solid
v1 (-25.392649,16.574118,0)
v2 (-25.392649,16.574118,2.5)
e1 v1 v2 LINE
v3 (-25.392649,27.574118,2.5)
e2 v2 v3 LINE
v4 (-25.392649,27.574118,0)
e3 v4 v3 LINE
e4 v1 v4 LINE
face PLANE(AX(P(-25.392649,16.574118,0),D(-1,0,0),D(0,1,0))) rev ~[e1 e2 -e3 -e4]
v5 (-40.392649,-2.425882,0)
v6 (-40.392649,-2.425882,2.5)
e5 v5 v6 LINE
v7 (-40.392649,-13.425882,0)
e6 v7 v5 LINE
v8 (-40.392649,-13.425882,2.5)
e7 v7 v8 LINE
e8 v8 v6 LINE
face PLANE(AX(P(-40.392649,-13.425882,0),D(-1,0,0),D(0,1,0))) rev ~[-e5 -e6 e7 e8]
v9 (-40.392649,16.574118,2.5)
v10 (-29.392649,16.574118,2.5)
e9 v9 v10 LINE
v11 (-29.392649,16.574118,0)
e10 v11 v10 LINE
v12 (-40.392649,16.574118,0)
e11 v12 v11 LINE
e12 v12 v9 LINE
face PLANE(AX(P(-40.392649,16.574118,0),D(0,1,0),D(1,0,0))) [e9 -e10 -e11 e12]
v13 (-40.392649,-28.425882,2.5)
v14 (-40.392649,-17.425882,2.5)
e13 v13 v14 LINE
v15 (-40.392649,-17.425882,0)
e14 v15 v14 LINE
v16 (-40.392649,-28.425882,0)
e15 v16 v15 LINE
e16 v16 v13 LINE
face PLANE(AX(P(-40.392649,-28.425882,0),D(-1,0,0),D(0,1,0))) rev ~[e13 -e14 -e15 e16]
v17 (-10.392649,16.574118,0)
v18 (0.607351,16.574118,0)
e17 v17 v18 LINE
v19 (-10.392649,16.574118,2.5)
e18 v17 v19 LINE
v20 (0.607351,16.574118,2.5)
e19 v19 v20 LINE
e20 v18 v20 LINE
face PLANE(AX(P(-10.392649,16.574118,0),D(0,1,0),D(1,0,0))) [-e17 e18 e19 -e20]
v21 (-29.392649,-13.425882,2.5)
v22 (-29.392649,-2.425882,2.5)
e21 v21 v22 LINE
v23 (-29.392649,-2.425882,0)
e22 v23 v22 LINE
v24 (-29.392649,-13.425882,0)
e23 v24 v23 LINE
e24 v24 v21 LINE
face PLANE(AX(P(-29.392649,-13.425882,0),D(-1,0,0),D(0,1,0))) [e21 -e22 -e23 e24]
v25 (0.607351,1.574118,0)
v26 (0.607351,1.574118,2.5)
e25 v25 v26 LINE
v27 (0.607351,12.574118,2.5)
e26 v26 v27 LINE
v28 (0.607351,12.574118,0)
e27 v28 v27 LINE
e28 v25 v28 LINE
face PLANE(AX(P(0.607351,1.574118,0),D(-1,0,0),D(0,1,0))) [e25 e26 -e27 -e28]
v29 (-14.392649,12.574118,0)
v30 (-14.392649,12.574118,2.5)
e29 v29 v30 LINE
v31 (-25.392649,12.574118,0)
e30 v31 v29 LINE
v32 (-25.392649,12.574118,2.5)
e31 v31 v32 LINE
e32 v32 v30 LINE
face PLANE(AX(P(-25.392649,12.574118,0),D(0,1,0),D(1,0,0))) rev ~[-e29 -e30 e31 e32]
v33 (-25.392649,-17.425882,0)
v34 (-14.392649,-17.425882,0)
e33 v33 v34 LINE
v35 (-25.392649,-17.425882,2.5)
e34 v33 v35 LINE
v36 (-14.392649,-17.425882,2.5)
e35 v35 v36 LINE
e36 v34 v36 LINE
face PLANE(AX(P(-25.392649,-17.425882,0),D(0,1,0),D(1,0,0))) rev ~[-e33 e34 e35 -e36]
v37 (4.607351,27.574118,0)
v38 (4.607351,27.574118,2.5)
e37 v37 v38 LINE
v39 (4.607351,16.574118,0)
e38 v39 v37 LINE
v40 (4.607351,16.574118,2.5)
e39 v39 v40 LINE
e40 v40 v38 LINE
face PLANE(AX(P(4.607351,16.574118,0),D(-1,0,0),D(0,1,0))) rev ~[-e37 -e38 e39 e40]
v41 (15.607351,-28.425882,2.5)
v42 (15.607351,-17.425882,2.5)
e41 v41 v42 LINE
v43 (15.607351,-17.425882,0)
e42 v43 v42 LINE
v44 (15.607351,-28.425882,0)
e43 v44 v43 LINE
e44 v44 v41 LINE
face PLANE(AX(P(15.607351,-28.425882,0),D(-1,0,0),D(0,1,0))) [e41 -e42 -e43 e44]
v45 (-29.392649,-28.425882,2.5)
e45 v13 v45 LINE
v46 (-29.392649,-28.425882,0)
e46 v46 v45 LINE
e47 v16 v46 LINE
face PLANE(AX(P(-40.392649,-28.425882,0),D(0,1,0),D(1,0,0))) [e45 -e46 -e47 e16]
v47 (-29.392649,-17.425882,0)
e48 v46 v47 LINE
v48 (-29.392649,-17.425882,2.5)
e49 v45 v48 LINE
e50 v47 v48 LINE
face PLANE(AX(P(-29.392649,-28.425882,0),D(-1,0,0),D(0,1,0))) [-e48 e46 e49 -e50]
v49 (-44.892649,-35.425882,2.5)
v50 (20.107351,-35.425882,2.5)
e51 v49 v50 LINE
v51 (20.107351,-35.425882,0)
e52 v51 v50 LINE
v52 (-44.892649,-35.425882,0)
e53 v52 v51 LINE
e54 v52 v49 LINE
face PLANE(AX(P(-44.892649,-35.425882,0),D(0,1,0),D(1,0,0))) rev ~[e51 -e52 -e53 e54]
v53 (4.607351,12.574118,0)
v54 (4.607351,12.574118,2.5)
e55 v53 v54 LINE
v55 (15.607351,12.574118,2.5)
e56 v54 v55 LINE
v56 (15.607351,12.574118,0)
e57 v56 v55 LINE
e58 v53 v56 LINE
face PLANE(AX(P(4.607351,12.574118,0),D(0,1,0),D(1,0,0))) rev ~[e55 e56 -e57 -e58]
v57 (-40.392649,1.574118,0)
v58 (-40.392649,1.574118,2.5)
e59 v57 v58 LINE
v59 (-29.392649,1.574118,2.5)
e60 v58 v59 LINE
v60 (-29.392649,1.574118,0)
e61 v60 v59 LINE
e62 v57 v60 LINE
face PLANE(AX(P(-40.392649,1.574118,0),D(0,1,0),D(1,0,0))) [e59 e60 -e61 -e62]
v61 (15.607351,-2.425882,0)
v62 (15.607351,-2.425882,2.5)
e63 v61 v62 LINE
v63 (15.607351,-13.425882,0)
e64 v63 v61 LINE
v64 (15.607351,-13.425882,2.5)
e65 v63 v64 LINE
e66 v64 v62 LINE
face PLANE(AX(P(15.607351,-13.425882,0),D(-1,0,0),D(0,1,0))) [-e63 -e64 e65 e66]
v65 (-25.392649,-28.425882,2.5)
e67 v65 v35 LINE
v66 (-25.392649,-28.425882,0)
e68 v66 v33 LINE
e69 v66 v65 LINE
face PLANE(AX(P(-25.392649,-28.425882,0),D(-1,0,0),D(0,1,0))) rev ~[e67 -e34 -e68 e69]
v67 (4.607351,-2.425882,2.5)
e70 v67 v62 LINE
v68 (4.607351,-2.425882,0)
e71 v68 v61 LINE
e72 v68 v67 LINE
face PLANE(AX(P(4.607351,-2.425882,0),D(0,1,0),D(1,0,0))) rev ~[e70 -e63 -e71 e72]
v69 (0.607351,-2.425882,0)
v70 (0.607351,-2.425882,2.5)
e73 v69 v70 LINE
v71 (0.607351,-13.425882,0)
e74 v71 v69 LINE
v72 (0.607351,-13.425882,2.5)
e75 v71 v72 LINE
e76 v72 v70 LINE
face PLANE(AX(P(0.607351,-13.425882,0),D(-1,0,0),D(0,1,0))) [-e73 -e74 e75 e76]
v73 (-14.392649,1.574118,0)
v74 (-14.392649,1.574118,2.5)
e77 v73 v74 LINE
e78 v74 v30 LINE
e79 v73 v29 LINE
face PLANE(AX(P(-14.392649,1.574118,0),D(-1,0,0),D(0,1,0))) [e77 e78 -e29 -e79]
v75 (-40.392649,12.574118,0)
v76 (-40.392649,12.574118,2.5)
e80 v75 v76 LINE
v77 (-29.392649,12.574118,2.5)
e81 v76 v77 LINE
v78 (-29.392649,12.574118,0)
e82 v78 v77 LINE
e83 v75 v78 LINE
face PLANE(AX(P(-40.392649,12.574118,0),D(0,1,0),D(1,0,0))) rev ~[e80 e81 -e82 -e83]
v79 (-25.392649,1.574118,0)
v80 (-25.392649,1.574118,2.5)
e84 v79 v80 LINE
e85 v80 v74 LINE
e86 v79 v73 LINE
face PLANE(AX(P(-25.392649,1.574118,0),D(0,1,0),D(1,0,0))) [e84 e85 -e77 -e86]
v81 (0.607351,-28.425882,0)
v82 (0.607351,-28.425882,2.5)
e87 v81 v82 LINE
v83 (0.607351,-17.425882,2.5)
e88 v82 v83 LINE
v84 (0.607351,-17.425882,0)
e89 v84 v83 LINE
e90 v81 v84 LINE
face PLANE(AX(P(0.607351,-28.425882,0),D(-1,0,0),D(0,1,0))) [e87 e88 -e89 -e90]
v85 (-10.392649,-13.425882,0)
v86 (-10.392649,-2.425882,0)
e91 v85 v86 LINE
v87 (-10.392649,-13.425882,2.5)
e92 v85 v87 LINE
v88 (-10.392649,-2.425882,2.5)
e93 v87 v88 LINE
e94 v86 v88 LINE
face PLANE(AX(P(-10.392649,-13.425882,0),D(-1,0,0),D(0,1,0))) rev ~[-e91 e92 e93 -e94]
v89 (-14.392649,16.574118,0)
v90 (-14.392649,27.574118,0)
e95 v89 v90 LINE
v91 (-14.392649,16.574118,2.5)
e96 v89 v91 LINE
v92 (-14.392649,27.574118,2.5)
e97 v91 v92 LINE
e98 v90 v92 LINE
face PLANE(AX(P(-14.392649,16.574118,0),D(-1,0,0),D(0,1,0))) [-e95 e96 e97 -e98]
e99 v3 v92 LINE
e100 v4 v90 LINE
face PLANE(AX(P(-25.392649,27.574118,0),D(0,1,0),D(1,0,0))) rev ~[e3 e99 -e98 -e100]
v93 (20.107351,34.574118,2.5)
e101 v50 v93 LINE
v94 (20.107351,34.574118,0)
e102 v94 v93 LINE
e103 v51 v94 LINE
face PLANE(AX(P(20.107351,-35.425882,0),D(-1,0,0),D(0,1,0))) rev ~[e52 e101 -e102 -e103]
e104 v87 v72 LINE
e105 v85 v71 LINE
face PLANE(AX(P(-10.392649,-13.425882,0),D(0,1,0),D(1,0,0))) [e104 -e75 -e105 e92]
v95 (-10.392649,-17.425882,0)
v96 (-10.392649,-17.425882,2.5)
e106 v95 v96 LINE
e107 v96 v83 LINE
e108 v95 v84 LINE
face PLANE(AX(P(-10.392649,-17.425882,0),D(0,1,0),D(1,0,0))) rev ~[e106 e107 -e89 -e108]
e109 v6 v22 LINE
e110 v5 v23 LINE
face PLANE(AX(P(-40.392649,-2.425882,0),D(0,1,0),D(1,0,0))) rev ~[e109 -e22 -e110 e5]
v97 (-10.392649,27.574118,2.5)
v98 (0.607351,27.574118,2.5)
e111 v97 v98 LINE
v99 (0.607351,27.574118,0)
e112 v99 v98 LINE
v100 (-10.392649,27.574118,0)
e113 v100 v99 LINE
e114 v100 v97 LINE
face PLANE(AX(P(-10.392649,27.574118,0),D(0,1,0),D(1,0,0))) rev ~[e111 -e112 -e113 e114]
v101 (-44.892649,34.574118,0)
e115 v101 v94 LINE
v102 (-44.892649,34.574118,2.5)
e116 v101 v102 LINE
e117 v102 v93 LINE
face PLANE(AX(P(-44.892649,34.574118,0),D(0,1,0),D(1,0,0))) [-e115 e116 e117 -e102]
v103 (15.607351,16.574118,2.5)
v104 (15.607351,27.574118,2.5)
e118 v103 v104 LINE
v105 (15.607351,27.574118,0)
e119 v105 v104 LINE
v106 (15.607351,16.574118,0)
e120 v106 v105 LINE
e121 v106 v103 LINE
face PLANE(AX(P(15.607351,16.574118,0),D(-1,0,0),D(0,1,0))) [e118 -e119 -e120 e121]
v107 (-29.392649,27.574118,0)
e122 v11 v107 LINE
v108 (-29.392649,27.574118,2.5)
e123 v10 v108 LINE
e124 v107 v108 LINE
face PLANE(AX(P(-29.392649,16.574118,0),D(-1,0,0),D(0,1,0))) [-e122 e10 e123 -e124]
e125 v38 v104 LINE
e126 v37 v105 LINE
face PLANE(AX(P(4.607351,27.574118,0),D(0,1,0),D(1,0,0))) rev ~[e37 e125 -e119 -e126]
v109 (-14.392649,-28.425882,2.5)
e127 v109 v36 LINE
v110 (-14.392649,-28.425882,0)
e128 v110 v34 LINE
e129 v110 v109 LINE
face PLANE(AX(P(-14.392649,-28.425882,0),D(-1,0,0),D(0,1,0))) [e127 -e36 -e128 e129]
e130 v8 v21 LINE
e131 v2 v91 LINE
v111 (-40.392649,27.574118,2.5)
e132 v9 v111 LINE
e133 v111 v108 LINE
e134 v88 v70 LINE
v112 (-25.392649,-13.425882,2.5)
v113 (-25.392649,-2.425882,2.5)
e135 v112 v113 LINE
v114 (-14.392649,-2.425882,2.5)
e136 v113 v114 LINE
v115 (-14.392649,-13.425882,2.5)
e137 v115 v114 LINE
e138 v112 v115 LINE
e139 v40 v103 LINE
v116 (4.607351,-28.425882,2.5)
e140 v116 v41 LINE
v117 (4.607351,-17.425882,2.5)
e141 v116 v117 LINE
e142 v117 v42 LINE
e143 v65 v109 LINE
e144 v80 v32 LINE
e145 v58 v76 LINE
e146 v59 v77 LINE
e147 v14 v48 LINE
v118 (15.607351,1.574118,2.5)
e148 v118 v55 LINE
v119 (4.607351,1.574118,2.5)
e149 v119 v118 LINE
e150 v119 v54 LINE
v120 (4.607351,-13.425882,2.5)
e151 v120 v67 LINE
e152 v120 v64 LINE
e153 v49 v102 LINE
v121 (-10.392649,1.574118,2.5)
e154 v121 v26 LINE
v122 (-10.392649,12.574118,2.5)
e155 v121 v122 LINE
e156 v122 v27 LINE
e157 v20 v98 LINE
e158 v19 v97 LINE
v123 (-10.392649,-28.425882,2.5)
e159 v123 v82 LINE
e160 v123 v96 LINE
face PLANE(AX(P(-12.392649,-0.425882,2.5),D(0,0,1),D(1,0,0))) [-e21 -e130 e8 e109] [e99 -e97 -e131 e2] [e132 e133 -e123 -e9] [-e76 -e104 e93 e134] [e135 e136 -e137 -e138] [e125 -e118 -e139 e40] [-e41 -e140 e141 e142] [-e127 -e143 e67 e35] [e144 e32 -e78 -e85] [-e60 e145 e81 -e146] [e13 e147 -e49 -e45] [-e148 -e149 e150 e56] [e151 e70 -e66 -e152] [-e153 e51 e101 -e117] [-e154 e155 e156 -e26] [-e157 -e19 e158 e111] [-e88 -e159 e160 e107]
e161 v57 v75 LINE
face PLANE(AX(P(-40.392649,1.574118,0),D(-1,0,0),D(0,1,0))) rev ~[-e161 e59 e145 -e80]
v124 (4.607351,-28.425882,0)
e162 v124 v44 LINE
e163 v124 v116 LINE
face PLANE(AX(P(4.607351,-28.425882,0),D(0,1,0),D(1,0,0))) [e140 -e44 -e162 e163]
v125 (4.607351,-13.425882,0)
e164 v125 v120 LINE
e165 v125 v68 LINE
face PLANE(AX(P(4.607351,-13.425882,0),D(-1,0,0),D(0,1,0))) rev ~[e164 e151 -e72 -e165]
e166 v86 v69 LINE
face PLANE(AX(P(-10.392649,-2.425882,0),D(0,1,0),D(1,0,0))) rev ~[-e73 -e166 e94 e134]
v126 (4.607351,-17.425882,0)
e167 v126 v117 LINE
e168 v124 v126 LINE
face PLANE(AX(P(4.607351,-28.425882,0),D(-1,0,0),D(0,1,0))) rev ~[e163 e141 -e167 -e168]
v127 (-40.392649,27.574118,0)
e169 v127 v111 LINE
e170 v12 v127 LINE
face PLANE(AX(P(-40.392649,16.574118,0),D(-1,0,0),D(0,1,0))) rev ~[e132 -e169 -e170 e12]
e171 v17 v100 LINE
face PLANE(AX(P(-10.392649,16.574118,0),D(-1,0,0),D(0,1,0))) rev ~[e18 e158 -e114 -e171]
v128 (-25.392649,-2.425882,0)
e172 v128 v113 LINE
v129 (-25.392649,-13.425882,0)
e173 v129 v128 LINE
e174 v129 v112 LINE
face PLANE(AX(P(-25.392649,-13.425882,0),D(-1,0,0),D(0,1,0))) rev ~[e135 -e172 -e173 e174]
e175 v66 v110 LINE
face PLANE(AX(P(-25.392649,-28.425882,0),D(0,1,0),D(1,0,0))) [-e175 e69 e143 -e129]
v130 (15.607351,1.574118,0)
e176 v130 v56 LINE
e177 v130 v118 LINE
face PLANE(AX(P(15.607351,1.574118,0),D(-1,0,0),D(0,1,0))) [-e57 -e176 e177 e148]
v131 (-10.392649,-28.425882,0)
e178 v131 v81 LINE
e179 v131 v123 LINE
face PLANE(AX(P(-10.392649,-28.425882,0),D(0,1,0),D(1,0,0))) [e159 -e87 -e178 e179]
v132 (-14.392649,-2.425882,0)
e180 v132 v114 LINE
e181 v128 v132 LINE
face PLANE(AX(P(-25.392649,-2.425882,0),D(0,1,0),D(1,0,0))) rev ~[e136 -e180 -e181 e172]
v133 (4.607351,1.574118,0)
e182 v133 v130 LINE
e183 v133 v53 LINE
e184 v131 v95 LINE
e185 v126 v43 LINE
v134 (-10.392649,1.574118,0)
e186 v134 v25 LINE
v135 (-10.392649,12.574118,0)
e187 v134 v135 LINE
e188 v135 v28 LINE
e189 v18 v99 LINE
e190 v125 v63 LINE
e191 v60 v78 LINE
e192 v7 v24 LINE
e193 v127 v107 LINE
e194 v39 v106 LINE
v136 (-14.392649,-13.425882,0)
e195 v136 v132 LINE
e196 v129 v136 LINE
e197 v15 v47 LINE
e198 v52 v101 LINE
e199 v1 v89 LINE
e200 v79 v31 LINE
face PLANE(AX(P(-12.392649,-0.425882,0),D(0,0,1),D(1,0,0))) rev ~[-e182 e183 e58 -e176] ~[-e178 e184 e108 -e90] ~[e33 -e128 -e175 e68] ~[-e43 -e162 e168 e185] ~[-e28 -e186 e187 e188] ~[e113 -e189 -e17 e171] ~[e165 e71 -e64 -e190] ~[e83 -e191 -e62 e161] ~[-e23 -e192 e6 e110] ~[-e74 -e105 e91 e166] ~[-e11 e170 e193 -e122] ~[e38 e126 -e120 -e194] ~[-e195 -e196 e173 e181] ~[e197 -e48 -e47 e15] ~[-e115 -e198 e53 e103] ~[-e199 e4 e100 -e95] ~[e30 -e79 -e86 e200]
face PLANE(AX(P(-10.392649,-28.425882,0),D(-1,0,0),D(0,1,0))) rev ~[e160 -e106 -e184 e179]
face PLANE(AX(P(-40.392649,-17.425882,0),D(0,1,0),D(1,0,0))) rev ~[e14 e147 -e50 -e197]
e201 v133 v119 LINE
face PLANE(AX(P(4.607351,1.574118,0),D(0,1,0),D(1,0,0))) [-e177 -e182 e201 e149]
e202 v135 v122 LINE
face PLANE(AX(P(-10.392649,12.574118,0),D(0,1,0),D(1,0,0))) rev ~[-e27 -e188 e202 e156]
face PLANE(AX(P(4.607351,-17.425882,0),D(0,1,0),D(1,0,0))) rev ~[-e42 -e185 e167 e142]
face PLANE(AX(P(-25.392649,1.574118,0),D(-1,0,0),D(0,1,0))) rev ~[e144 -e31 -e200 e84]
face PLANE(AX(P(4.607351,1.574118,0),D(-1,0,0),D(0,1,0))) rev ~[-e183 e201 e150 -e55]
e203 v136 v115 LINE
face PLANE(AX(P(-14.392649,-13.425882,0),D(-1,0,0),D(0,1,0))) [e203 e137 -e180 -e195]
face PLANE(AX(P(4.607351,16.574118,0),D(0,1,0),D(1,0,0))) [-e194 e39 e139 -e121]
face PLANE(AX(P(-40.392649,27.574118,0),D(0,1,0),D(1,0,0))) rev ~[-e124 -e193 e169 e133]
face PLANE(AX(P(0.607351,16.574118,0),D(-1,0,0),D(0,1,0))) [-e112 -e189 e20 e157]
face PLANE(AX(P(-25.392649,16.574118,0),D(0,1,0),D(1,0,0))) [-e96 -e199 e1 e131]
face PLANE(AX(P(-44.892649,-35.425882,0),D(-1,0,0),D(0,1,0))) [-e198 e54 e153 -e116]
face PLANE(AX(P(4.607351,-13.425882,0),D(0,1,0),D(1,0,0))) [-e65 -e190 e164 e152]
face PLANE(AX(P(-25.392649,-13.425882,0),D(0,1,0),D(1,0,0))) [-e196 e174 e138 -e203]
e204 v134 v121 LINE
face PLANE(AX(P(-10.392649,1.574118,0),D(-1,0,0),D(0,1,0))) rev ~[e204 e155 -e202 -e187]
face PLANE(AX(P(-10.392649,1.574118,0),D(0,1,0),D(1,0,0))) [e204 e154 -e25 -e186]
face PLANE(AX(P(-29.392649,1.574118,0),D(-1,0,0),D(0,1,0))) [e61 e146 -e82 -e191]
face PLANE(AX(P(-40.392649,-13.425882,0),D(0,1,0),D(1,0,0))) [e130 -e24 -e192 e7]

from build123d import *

# Parameters (mm, degrees)
F0_W     = 65
F0_H     = 70
F0_W_2   = 11
F0_H_2   = 11
F1_DEPTH = 2.5


with BuildPart() as f1:
    # F0 (on Top) → F1 (new body)
    with BuildSketch(Plane.XY):
        with Locations((-12.392649, -0.425882)):
            Rectangle(F0_W, F0_H)
        with Locations((-34.892649, -22.925882)):
            Rectangle(F0_W_2, F0_H_2, mode=Mode.SUBTRACT)
        with Locations((-19.892649, -22.925882)):
            Rectangle(F0_W_2, F0_H_2, mode=Mode.SUBTRACT)
        with Locations((-34.892649, -7.925882)):
            Rectangle(F0_W_2, F0_H_2, mode=Mode.SUBTRACT)
        with Locations((-19.892649, -7.925882)):
            Rectangle(F0_W_2, F0_H_2, mode=Mode.SUBTRACT)
        with Locations((-4.892649, -22.925882)):
            Rectangle(F0_W_2, F0_H_2, mode=Mode.SUBTRACT)
        with Locations((10.107351, -22.925882)):
            Rectangle(F0_W_2, F0_H_2, mode=Mode.SUBTRACT)
        with Locations((-4.892649, -7.925882)):
            Rectangle(F0_W_2, F0_H_2, mode=Mode.SUBTRACT)
        with Locations((10.107351, -7.925882)):
            Rectangle(F0_W_2, F0_H_2, mode=Mode.SUBTRACT)
        with Locations((-34.892649, 7.074118)):
            Rectangle(F0_W_2, F0_H_2, mode=Mode.SUBTRACT)
        with Locations((-19.892649, 7.074118)):
            Rectangle(F0_W_2, F0_H_2, mode=Mode.SUBTRACT)
        with Locations((-34.892649, 22.074118)):
            Rectangle(F0_W_2, F0_H_2, mode=Mode.SUBTRACT)
        with Locations((-19.892649, 22.074118)):
            Rectangle(F0_W_2, F0_H_2, mode=Mode.SUBTRACT)
        with Locations((-4.892649, 7.074118)):
            Rectangle(F0_W_2, F0_H_2, mode=Mode.SUBTRACT)
        with Locations((10.107351, 7.074118)):
            Rectangle(F0_W_2, F0_H_2, mode=Mode.SUBTRACT)
        with Locations((-4.892649, 22.074118)):
            Rectangle(F0_W_2, F0_H_2, mode=Mode.SUBTRACT)
        with Locations((10.107351, 22.074118)):
            Rectangle(F0_W_2, F0_H_2, mode=Mode.SUBTRACT)
    extrude(amount=F1_DEPTH)


solid = f1.part
